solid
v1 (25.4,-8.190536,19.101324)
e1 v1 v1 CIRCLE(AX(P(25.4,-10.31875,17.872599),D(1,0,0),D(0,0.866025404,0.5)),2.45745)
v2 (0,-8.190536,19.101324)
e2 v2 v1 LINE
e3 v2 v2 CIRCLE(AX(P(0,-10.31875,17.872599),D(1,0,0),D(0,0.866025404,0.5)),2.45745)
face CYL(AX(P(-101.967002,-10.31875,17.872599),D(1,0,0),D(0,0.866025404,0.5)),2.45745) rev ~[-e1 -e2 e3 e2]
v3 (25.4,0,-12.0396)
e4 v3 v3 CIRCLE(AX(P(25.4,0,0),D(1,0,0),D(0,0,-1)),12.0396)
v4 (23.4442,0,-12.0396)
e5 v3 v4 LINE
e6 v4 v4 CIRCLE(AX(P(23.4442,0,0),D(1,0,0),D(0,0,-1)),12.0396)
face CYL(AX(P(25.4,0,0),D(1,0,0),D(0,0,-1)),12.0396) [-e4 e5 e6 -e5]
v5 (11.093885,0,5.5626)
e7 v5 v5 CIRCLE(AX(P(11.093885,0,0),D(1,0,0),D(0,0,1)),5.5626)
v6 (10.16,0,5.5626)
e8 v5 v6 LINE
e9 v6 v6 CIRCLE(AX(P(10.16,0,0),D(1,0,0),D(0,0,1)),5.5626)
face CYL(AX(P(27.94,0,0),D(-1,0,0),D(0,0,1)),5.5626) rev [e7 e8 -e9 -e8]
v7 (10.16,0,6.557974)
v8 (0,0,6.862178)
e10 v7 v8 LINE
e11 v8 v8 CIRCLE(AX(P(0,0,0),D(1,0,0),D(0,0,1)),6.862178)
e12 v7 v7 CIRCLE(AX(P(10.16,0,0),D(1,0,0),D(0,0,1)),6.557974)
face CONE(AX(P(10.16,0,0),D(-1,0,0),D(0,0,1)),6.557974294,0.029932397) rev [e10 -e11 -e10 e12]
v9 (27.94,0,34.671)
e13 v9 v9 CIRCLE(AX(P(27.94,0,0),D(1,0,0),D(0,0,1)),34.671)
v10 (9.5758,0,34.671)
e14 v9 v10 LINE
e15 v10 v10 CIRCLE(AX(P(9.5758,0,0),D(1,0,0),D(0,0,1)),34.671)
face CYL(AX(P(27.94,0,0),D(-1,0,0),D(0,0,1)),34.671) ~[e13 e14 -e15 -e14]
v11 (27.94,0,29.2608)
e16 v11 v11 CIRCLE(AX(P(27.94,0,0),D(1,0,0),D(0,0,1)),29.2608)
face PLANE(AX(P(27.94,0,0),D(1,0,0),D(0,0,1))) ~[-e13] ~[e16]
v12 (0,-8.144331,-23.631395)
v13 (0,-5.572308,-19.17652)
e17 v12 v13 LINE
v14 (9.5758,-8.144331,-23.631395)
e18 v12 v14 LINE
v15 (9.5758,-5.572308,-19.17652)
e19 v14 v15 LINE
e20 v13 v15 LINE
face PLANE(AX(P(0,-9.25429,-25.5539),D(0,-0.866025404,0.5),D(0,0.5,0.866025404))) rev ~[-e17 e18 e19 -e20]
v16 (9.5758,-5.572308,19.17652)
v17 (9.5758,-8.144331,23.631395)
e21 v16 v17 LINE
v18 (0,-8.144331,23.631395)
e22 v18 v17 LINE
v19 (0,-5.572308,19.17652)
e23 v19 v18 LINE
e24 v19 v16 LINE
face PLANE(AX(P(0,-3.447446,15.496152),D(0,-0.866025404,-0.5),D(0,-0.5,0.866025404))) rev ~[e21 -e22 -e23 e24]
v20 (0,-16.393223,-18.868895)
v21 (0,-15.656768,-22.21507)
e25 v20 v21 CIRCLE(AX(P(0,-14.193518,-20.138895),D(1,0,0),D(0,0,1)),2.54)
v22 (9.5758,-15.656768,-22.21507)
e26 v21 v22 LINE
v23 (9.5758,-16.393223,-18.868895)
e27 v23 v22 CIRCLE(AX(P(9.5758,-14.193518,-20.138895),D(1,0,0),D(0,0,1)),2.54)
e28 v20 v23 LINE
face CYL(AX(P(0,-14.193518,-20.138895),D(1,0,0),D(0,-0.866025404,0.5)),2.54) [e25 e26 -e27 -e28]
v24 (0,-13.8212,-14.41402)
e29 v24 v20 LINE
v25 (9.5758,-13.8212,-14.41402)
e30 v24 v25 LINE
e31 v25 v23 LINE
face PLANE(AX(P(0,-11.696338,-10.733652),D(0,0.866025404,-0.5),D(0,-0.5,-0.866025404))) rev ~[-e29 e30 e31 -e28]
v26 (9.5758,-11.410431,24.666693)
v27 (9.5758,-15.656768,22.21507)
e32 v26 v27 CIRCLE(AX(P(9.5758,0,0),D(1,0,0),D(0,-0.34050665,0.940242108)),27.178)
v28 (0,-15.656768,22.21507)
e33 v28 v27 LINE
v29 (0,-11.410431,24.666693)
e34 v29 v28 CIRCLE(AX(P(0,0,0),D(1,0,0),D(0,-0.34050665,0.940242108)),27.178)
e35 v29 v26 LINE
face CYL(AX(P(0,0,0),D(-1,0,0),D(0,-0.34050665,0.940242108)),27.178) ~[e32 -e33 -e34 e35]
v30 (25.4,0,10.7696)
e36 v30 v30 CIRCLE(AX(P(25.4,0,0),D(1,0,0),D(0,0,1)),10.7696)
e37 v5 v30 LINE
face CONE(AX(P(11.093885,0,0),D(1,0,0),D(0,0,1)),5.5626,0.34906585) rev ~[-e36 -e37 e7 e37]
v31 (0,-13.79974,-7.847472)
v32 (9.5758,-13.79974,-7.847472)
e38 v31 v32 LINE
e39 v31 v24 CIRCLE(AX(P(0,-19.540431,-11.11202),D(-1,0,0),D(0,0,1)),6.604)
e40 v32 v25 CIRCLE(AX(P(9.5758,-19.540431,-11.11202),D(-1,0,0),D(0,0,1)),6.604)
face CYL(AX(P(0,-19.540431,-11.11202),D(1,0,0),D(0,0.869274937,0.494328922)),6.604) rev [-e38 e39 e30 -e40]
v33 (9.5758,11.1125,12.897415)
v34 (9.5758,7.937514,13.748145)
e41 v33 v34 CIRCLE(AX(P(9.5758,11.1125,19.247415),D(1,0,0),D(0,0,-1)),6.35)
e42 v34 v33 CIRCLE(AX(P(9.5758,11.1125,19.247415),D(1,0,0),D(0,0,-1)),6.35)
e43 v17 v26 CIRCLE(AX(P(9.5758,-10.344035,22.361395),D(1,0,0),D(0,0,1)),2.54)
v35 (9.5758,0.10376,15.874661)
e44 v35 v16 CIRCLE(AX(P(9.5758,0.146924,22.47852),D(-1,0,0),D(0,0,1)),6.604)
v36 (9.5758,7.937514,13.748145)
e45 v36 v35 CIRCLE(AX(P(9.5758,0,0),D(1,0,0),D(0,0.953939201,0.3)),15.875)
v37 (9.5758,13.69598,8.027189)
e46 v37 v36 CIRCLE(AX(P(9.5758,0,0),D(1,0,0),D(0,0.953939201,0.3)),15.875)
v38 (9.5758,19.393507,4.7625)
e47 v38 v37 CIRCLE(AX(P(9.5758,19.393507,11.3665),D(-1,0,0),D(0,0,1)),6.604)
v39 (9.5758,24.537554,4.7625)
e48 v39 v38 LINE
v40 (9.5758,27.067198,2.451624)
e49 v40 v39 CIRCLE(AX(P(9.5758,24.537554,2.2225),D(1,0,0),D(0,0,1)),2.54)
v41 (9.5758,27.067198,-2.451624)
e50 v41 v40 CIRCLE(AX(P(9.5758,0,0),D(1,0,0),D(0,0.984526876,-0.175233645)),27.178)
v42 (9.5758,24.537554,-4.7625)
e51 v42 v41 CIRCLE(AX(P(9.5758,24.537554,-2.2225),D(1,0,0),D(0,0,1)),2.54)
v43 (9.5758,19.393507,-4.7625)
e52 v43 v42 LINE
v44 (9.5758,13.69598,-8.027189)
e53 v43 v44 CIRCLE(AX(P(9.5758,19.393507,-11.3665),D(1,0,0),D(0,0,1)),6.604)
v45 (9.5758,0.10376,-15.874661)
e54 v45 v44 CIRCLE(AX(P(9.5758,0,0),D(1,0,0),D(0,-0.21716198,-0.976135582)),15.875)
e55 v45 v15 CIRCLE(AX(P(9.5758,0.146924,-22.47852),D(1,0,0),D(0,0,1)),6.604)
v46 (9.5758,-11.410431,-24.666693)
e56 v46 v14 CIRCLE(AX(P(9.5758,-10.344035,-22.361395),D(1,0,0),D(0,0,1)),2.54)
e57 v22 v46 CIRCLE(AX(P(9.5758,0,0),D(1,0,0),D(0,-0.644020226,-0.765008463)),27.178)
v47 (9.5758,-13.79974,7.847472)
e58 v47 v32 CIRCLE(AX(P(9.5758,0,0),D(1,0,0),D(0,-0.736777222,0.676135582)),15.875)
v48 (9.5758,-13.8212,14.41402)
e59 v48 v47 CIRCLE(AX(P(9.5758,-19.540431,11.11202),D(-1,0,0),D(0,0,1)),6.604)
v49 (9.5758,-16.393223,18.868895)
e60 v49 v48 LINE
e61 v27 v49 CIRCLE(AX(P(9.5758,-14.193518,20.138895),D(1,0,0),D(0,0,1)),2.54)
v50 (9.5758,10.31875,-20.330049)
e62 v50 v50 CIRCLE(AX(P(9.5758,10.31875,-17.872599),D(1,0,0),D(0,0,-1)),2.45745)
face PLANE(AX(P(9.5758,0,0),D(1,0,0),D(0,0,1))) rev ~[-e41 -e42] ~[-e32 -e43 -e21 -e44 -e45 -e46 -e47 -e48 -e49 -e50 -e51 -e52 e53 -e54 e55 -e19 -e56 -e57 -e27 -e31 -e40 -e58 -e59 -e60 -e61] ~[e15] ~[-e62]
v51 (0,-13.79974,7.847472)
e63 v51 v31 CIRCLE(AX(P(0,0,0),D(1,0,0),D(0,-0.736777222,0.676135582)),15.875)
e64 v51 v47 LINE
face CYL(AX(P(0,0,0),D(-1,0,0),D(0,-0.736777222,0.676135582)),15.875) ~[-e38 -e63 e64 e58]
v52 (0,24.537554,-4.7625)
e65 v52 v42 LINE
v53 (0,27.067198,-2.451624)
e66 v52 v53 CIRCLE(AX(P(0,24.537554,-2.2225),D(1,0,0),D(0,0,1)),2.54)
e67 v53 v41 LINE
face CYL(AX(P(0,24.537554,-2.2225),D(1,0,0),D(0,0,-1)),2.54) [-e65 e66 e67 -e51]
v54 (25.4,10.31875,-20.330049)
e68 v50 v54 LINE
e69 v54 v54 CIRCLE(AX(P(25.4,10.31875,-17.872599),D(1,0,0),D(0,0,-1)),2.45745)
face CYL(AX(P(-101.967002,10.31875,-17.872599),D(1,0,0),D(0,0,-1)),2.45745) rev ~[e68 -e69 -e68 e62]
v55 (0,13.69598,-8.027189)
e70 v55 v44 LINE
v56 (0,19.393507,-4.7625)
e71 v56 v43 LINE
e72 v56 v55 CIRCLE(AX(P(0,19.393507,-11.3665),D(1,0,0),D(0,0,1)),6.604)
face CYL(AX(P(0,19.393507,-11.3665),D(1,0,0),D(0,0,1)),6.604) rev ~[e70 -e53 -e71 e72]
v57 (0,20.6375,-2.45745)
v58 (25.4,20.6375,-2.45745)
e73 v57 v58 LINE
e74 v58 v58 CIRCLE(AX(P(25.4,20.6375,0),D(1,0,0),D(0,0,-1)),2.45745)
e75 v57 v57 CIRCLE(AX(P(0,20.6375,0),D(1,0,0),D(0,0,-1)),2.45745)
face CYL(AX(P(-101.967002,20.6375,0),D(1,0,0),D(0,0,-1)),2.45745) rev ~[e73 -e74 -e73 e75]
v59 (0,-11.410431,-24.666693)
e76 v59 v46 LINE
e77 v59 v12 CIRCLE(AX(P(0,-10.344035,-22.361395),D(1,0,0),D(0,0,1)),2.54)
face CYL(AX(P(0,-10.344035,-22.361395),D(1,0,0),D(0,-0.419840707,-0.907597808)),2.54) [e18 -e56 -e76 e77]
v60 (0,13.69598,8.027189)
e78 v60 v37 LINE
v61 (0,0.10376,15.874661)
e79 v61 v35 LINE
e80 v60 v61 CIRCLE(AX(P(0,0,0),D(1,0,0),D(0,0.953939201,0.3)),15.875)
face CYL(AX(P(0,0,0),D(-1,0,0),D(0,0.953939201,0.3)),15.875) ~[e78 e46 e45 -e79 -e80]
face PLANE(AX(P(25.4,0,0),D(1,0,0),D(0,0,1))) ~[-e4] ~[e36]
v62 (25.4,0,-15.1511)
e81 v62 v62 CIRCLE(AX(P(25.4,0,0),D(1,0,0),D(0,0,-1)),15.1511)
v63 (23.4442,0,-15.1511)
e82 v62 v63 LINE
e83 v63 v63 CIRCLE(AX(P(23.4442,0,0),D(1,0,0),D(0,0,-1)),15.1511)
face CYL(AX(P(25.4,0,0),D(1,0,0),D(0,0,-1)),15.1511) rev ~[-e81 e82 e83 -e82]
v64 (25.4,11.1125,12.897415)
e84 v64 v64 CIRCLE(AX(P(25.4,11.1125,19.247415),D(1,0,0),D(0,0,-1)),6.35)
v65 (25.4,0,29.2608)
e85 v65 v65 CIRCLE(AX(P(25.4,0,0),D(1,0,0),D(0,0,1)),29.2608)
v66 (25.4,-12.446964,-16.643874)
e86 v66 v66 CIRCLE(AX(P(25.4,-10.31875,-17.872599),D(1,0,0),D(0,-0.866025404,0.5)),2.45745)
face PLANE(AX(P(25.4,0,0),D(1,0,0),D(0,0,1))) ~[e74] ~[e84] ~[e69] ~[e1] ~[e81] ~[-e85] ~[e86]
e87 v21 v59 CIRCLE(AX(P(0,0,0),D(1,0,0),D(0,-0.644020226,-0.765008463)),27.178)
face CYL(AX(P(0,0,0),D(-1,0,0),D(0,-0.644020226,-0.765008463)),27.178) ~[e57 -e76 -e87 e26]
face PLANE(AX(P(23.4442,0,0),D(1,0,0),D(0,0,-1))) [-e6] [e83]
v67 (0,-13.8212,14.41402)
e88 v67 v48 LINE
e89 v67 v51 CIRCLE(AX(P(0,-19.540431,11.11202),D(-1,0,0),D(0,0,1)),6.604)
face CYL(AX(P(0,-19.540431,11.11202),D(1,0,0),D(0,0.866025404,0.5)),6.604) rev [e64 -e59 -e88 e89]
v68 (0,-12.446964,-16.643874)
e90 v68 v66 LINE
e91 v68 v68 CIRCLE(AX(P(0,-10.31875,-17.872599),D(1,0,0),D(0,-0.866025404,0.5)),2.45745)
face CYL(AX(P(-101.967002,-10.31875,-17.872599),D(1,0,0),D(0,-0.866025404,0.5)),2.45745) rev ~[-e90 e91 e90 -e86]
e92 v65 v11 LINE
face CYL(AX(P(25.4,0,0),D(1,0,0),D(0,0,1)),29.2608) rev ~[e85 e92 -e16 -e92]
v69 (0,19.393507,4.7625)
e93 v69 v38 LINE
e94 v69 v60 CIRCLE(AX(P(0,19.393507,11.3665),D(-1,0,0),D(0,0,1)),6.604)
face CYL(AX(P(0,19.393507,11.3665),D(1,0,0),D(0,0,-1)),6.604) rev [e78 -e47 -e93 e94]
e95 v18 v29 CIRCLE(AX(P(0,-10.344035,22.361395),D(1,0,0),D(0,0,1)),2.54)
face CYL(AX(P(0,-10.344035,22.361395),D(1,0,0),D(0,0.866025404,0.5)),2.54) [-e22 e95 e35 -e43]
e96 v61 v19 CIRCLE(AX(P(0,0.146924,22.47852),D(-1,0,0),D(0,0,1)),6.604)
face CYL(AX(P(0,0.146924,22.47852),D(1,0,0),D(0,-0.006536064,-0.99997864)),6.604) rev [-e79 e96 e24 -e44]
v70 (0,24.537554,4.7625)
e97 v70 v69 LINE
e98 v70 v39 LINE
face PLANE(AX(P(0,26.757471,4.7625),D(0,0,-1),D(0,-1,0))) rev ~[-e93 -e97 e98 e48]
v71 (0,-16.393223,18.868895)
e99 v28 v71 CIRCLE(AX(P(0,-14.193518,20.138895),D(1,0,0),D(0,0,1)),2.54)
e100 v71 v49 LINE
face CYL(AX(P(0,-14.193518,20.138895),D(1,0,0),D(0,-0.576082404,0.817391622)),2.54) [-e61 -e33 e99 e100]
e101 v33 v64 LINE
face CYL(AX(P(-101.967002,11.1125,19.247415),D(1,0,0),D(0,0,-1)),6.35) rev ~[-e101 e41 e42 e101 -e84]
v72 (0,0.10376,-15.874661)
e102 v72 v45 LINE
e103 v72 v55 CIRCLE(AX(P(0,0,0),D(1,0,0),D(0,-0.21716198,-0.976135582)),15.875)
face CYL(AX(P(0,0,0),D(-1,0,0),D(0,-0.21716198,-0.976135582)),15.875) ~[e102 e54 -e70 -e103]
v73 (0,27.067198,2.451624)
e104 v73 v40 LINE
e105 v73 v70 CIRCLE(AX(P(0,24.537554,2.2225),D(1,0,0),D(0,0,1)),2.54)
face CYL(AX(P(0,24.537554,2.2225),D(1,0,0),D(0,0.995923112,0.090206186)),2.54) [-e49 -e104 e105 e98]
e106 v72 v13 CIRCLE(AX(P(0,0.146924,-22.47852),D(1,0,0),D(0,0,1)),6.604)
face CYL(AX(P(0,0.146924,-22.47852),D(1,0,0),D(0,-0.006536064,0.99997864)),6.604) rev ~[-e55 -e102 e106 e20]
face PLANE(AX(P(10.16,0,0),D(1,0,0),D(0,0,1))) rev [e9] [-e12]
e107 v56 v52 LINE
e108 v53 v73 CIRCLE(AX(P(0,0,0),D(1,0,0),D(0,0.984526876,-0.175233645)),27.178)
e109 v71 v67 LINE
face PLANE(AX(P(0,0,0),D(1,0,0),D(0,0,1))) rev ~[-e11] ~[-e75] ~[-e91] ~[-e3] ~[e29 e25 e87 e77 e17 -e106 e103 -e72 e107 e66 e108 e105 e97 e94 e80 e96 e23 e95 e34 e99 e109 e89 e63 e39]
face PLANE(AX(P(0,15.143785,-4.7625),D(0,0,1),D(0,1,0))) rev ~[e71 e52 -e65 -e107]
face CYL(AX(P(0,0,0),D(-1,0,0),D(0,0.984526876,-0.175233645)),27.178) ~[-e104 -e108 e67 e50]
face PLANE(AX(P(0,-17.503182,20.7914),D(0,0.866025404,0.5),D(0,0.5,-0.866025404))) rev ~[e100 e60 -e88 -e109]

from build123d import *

# Parameters (mm, degrees)
MOUNTING_HOLE_D               = 4.9149
CIRPATTERN1_COUNT             = 3
SKETCH26_R                    = 15.1511
SKETCH26_R_2                  = 12.0396
AXIAL_O_RING_GLAND_DEPTH      = 1.9558
PRESSURE_TAP_CLEARANCE_HOLE_D = 12.7
THERMOCOUPLE_CLEARANCE_HOLE_D = 4.9149
SKETCH7_R                     = 34.7345
CUT_EXTRUDE1_DEPTH            = 9.5758
FILLET1_R                     = 2.54
FILLET2_R                     = 6.604


with BuildPart() as part:
    # Sketch1 → Revolve2 (revolve)
    with BuildSketch(Plane.XY, mode=Mode.PRIVATE) as revolve2_sk:
        Polygon((27.94, 34.671), (9.5758, 34.671), (9.5758, 27.94), (0, 27.94), (0, 0), (25.4, 0), (25.4, 29.2608), (27.94, 29.2608), align=None)
    revolve(revolve2_sk.sketch.rotate(Axis((-88.99, 0, 0), (1, 0, 0)), 90), axis=Axis((-88.99, 0, 0), (1, 0, 0)))

    # Sketch28 → NPT Center Bore (revolve, cut)
    with BuildSketch(Plane.ZX):
        Polygon((0, 0), (0, 27.94), (5.5626, 27.94), (5.5626, 10.16), (6.557974294, 10.16), (6.8621783, 0), align=None)
    revolve(axis=Axis((-6.35, 0, 0), (1, 0, 0)), mode=Mode.SUBTRACT)

    # Mounting Hole (through all)
    with Locations(Plane.ZY):
        with Locations((0, 20.6375)):
            mounting_hole = Hole(MOUNTING_HOLE_D / 2)

    # CirPattern1: Mounting Hole ×3 about axis
    cirpattern1_axis = Axis((0, 0, 0), (1, 0, 0))
    for i in range(1, CIRPATTERN1_COUNT):
        add(mounting_hole.rotate(cirpattern1_axis, i * 360 / CIRPATTERN1_COUNT), mode=Mode.SUBTRACT)

    # Sketch26 → Axial O-Ring Gland (cut)
    with BuildSketch(Plane(origin=(25.4, 0, 0), x_dir=(0, 0, -1), z_dir=(1, 0, 0))):
        Circle(SKETCH26_R)
        Circle(SKETCH26_R_2, mode=Mode.SUBTRACT)
    extrude(amount=-AXIAL_O_RING_GLAND_DEPTH, mode=Mode.SUBTRACT)

    # Sketch30 → Flow Cone (revolve, cut)
    with BuildSketch(Plane.XY, mode=Mode.PRIVATE) as flow_cone_sk:
        Polygon((11.093885077, 5.5626), (25.4, 10.7696), (25.4, 5.5626), align=None)
    revolve(flow_cone_sk.sketch.rotate(Axis((-88.99, 0, 0), (1, 0, 0)), 90), axis=Axis((-88.99, 0, 0), (1, 0, 0)), mode=Mode.SUBTRACT)

    # Pressure Tap Clearance Hole (through all)
    with Locations(Plane.ZY):
        with Locations((19.247414599, 11.1125)):
            Hole(PRESSURE_TAP_CLEARANCE_HOLE_D / 2)

    # Thermocouple Clearance Hole (through all)
    with Locations(Plane.ZY):
        with Locations((-17.872599271, 10.31875)):
            Hole(THERMOCOUPLE_CLEARANCE_HOLE_D / 2)

    # Sketch7 → Cut-Extrude1 (cut)
    with BuildSketch(Plane.ZY):
        Circle(SKETCH7_R)
        with BuildLine():
            Line((15.496152366, -3.447446426), (25.553900006, -9.254289733))
            ThreePointArc((25.553900006, -9.254289733), (23.536838424, -13.589), (20.791400006, -17.503181704))
            Line((20.791400006, -17.503181704), (10.733652366, -11.696338397))
            ThreePointArc((10.733652366, -11.696338397), (0, -15.875), (-10.733652366, -11.696338397))
            Line((-10.733652366, -11.696338397), (-20.791400006, -17.503181704))
            ThreePointArc((-20.791400006, -17.503181704), (-23.536838424, -13.589), (-25.553900006, -9.254289733))
            Line((-25.553900006, -9.254289733), (-15.496152366, -3.447446426))
            ThreePointArc((-15.496152366, -3.447446426), (-13.748153285, 7.9375), (-4.7625, 15.143784822))
            Line((-4.7625, 15.143784822), (-4.7625, 26.757471438))
            ThreePointArc((-4.7625, 26.757471438), (0, 27.178), (4.7625, 26.757471438))
            Line((4.7625, 26.757471438), (4.7625, 15.143784822))
            ThreePointArc((4.7625, 15.143784822), (13.748153285, 7.9375), (15.496152366, -3.447446426))
        make_face(mode=Mode.SUBTRACT)
    extrude(amount=-CUT_EXTRUDE1_DEPTH, mode=Mode.SUBTRACT)

    # Fillet1
    fillet1_edges = [part.edges().sort_by_distance(p)[0] for p in [
        (4.7879, -9.254289733, 25.553900006),
        (4.7879, -17.503181704, 20.791400006),
        (4.7879, -17.503181704, -20.791400006),
        (4.7879, -9.254289733, -25.553900006),
        (4.7879, 26.757471438, -4.7625),
        (4.7879, 26.757471438, 4.7625),
    ]]
    fillet(fillet1_edges, radius=FILLET1_R)

    # Fillet2
    fillet2_edges = [part.edges().sort_by_distance(p)[0] for p in [
        (4.7879, -3.447446426, 15.496152366),
        (4.7879, -11.696338397, 10.733652366),
        (4.7879, -11.696338397, -10.733652366),
        (4.7879, -3.447446426, -15.496152366),
        (4.7879, 15.143784822, -4.7625),
        (4.7879, 15.143784822, 4.7625),
    ]]
    fillet(fillet2_edges, radius=FILLET2_R)


solid = part.part
